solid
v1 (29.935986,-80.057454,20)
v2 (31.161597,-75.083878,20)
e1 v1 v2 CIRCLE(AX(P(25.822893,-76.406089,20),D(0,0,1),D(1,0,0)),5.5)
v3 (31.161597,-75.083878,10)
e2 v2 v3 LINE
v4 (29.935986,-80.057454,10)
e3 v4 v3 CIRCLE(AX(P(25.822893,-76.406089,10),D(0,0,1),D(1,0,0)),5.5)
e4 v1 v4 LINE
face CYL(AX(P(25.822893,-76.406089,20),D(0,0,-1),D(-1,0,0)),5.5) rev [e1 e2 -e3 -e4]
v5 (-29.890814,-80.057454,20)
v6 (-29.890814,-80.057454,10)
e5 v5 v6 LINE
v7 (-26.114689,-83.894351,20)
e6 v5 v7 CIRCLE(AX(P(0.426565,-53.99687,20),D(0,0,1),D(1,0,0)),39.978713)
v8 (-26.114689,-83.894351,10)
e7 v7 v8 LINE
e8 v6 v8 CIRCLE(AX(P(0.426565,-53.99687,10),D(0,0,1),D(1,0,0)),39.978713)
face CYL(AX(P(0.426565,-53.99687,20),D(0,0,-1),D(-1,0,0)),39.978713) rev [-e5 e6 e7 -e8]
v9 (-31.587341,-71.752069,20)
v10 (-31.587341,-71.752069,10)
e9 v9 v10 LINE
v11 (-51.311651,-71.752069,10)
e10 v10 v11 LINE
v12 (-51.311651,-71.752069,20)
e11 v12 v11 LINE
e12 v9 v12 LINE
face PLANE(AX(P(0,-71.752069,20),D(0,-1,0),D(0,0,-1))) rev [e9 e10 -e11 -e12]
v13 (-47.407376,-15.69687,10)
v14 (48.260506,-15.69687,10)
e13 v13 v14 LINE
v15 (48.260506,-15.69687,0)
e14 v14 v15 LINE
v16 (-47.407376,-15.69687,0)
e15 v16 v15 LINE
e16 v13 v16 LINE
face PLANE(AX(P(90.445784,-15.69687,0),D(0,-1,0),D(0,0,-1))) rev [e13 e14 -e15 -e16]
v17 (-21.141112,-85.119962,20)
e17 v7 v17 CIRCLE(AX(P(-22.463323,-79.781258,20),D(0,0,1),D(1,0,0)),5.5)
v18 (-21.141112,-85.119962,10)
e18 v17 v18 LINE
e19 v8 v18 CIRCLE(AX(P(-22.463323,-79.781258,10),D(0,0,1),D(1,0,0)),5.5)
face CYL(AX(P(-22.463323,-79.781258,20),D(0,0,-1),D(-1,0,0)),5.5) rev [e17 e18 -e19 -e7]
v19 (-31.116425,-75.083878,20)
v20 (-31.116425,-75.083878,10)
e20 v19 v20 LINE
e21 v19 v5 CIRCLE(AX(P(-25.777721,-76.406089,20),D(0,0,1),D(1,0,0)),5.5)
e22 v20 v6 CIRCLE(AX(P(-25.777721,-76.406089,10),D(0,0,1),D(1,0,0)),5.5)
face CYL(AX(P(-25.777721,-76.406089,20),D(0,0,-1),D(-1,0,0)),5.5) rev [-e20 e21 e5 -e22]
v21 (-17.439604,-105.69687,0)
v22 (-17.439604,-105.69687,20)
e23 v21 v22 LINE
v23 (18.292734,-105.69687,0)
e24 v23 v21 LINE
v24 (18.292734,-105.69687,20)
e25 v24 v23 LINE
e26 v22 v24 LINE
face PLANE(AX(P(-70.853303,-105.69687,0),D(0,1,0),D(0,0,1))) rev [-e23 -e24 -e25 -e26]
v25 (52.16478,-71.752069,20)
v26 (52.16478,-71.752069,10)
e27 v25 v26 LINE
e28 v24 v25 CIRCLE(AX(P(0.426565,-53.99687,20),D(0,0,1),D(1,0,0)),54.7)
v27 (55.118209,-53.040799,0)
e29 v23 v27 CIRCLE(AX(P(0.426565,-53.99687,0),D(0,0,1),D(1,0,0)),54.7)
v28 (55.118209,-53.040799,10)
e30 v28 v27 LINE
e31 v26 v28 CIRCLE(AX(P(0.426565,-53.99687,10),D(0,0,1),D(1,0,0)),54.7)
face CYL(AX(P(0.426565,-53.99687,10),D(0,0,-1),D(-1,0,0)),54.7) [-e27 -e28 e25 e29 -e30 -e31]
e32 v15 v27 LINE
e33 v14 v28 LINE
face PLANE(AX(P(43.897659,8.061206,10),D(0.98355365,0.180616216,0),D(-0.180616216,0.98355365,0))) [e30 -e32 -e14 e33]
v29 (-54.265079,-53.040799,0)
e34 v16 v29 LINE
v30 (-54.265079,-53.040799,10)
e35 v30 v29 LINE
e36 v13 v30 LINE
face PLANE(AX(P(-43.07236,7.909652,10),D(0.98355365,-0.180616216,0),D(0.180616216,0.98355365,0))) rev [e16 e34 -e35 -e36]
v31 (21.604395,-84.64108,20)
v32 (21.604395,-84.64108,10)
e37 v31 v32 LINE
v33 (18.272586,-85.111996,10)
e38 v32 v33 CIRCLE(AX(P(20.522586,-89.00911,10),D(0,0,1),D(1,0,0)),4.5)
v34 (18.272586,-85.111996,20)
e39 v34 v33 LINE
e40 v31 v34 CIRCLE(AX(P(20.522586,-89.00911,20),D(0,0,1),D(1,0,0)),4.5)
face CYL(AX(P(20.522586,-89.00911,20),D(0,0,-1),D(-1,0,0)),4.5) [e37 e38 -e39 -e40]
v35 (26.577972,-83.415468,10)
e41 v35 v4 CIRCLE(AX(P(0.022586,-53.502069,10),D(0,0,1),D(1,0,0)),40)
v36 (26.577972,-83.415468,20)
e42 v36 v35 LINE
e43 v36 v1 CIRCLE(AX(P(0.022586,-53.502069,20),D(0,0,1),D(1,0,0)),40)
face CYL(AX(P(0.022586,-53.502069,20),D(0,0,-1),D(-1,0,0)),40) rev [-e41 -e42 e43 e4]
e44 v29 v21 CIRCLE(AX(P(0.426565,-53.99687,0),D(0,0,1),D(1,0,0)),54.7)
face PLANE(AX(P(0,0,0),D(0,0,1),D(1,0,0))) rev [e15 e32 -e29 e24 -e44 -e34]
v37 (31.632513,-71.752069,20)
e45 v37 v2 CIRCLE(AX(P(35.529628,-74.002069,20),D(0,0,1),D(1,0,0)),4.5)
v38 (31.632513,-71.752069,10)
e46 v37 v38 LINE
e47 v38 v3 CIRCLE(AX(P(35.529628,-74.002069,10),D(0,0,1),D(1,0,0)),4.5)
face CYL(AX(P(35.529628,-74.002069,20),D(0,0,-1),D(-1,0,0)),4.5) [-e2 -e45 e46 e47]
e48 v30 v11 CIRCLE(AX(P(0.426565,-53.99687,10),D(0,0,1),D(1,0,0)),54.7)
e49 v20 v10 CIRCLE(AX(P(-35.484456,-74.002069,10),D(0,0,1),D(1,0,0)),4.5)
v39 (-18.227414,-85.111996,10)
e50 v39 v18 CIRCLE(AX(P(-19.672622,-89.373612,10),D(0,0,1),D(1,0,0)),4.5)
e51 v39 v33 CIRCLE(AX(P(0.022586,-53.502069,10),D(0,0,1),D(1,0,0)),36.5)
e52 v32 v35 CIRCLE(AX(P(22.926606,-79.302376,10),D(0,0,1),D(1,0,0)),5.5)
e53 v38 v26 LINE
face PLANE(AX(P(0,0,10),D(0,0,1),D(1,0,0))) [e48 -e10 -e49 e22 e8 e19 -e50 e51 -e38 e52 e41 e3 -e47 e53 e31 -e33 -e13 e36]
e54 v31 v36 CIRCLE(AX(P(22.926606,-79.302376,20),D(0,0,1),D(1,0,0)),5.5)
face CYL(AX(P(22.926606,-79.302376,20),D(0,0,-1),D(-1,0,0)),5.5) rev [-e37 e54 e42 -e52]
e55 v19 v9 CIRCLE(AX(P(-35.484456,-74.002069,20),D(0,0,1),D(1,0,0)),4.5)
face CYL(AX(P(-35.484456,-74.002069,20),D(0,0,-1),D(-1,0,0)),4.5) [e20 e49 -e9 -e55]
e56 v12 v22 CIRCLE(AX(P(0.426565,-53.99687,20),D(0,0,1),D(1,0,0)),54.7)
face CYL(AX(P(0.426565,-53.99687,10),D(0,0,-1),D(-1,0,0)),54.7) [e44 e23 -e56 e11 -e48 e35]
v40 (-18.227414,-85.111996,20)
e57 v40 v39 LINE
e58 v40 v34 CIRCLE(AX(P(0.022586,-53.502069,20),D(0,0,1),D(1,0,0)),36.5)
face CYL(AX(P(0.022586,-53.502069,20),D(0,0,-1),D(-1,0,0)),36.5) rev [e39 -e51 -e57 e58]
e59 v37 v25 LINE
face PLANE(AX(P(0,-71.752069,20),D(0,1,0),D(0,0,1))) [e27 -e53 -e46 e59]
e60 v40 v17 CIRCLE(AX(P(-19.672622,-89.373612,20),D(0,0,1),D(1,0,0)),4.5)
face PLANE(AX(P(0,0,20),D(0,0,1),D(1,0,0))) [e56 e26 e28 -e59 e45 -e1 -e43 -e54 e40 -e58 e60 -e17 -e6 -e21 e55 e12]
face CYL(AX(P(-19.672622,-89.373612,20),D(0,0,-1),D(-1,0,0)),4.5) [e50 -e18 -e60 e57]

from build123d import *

# Parameters (mm, degrees)
BOSS_EXTRUDE1_DEPTH = 10
SKETCH4_W           = 147.370034426
SKETCH4_H           = 21.427690466
CUT_EXTRUDE1_DEPTH  = 10
SKETCH5_W           = 178.746295464
SKETCH5_H           = 112.332779524
CUT_EXTRUDE2_DEPTH  = 10
BOSS_EXTRUDE2_DEPTH = 10


with BuildPart() as part:
    # Sketch2 → Boss-Extrude1 (new body)
    with BuildSketch(Plane.XY):
        with BuildLine():
            Line((24.926564885, 56.003129771), (45.126564885, -53.996870229))
            ThreePointArc((45.126564885, -53.996870229), (0.426564885, -98.696870229), (-44.273435115, -53.996870229))
            Line((-44.273435115, -53.996870229), (-24.073435115, 56.003129771))
            ThreePointArc((-24.073435115, 56.003129771), (0.426564885, 80.503129771), (24.926564885, 56.003129771))
        make_face()
        with BuildLine():
            ThreePointArc((34.912427768, 56.990682917), (0.426564885, 90.503129771), (-34.059297997, 56.990682917))
            Line((-34.059297997, 56.990682917), (-54.265079147, -53.040798592))
            Line((-54.265079147, -53.040798592), (-44.097865596, -53.040798592))
            Line((-44.097865596, -53.040798592), (-24.073435115, 56.003129771))
            ThreePointArc((-24.073435115, 56.003129771), (0.426564885, 80.503129771), (24.926564885, 56.003129771))
            Line((24.926564885, 56.003129771), (44.950995367, -53.040798592))
            Line((44.950995367, -53.040798592), (55.118208918, -53.040798592))
            Line((55.118208918, -53.040798592), (34.912427768, 56.990682917))
        make_face()
        with BuildLine():
            Line((-44.097865596, -53.040798592), (-54.265079147, -53.040798592))
            ThreePointArc((-54.265079147, -53.040798592), (0.426564885, -108.696870229), (55.118208918, -53.040798592))
            Line((55.118208918, -53.040798592), (44.950995367, -53.040798592))
            Line((44.950995367, -53.040798592), (45.126564885, -53.996870229))
            ThreePointArc((45.126564885, -53.996870229), (0.426564885, -98.696870229), (-44.273435115, -53.996870229))
            Line((-44.273435115, -53.996870229), (-44.097865596, -53.040798592))
        make_face()
    extrude(amount=BOSS_EXTRUDE1_DEPTH)

    # Sketch4 → Cut-Extrude1 (cut)
    with BuildSketch(Plane.XY.offset(10)):
        with Locations((2.831713815, -116.410715462)):
            Rectangle(SKETCH4_W, SKETCH4_H)
    extrude(amount=-CUT_EXTRUDE1_DEPTH, mode=Mode.SUBTRACT)

    # Sketch5 → Cut-Extrude2 (cut)
    with BuildSketch(Plane.XY.offset(10)):
        with Locations((1.072635833, 40.469519533)):
            Rectangle(SKETCH5_W, SKETCH5_H)
    extrude(amount=-CUT_EXTRUDE2_DEPTH, mode=Mode.SUBTRACT)

    # Sketch7 → Boss-Extrude2 (add)
    with BuildSketch(Plane.XY.offset(10)):
        with BuildLine():
            ThreePointArc((18.272585974, -85.111995747), (9.46948112, -88.758361168), (0.022585974, -90.002068509))
            Line((0.022585974, -90.002068509), (0.426564885, -105.696870229))
            Line((0.426564885, -105.696870229), (18.292734033, -105.696870229))
            ThreePointArc((18.292734033, -105.696870229), (39.146778966, -92.634093493), (52.164780298, -71.752068509))
            Line((52.164780298, -71.752068509), (31.632513212, -71.752068509))
            ThreePointArc((31.632513212, -71.752068509), (31.182961311, -72.837382806), (31.029627529, -74.002068509))
            ThreePointArc((31.029627529, -74.002068509), (31.062741779, -74.546982904), (31.161597173, -75.083877552))
            ThreePointArc((31.161597173, -75.083877552), (31.282420431, -75.740082121), (31.322893404, -76.406088604))
            ThreePointArc((31.322893404, -76.406088604), (30.964488909, -78.359033984), (29.935985893, -80.057454127))
            ThreePointArc((29.935985893, -80.057454127), (28.306857221, -81.786339756), (26.577971592, -83.415468427))
            ThreePointArc((26.577971592, -83.415468427), (24.242573732, -84.642622104), (21.604395017, -84.641079707))
            ThreePointArc((21.604395017, -84.641079707), (19.892817757, -84.553395532), (18.272585974, -85.111995747))
        make_face()
        with BuildLine():
            Line((0.426564885, -105.696870229), (0.022585974, -90.002068509))
            ThreePointArc((0.022585974, -90.002068509), (-9.424309172, -88.758361168), (-18.227414026, -85.111995747))
            ThreePointArc((-18.227414026, -85.111995747), (-19.684925655, -84.873628919), (-21.141112037, -85.119962255))
            ThreePointArc((-21.141112037, -85.119962255), (-23.779290752, -85.121504652), (-26.114688612, -83.894350975))
            ThreePointArc((-26.114688612, -83.894350975), (-28.067407493, -82.039534694), (-29.890813945, -80.057454127))
            ThreePointArc((-29.890813945, -80.057454127), (-31.117967622, -77.722056267), (-31.116425225, -75.083877552))
            ThreePointArc((-31.116425225, -75.083877552), (-31.028741049, -73.372300292), (-31.587341264, -71.752068509))
            Line((-31.587341264, -71.752068509), (-51.311650527, -71.752068509))
            ThreePointArc((-51.311650527, -71.752068509), (-38.293649195, -92.634093493), (-17.439604262, -105.696870229))
            Line((-17.439604262, -105.696870229), (0.426564885, -105.696870229))
        make_face()
    extrude(amount=BOSS_EXTRUDE2_DEPTH)


solid = part.part
